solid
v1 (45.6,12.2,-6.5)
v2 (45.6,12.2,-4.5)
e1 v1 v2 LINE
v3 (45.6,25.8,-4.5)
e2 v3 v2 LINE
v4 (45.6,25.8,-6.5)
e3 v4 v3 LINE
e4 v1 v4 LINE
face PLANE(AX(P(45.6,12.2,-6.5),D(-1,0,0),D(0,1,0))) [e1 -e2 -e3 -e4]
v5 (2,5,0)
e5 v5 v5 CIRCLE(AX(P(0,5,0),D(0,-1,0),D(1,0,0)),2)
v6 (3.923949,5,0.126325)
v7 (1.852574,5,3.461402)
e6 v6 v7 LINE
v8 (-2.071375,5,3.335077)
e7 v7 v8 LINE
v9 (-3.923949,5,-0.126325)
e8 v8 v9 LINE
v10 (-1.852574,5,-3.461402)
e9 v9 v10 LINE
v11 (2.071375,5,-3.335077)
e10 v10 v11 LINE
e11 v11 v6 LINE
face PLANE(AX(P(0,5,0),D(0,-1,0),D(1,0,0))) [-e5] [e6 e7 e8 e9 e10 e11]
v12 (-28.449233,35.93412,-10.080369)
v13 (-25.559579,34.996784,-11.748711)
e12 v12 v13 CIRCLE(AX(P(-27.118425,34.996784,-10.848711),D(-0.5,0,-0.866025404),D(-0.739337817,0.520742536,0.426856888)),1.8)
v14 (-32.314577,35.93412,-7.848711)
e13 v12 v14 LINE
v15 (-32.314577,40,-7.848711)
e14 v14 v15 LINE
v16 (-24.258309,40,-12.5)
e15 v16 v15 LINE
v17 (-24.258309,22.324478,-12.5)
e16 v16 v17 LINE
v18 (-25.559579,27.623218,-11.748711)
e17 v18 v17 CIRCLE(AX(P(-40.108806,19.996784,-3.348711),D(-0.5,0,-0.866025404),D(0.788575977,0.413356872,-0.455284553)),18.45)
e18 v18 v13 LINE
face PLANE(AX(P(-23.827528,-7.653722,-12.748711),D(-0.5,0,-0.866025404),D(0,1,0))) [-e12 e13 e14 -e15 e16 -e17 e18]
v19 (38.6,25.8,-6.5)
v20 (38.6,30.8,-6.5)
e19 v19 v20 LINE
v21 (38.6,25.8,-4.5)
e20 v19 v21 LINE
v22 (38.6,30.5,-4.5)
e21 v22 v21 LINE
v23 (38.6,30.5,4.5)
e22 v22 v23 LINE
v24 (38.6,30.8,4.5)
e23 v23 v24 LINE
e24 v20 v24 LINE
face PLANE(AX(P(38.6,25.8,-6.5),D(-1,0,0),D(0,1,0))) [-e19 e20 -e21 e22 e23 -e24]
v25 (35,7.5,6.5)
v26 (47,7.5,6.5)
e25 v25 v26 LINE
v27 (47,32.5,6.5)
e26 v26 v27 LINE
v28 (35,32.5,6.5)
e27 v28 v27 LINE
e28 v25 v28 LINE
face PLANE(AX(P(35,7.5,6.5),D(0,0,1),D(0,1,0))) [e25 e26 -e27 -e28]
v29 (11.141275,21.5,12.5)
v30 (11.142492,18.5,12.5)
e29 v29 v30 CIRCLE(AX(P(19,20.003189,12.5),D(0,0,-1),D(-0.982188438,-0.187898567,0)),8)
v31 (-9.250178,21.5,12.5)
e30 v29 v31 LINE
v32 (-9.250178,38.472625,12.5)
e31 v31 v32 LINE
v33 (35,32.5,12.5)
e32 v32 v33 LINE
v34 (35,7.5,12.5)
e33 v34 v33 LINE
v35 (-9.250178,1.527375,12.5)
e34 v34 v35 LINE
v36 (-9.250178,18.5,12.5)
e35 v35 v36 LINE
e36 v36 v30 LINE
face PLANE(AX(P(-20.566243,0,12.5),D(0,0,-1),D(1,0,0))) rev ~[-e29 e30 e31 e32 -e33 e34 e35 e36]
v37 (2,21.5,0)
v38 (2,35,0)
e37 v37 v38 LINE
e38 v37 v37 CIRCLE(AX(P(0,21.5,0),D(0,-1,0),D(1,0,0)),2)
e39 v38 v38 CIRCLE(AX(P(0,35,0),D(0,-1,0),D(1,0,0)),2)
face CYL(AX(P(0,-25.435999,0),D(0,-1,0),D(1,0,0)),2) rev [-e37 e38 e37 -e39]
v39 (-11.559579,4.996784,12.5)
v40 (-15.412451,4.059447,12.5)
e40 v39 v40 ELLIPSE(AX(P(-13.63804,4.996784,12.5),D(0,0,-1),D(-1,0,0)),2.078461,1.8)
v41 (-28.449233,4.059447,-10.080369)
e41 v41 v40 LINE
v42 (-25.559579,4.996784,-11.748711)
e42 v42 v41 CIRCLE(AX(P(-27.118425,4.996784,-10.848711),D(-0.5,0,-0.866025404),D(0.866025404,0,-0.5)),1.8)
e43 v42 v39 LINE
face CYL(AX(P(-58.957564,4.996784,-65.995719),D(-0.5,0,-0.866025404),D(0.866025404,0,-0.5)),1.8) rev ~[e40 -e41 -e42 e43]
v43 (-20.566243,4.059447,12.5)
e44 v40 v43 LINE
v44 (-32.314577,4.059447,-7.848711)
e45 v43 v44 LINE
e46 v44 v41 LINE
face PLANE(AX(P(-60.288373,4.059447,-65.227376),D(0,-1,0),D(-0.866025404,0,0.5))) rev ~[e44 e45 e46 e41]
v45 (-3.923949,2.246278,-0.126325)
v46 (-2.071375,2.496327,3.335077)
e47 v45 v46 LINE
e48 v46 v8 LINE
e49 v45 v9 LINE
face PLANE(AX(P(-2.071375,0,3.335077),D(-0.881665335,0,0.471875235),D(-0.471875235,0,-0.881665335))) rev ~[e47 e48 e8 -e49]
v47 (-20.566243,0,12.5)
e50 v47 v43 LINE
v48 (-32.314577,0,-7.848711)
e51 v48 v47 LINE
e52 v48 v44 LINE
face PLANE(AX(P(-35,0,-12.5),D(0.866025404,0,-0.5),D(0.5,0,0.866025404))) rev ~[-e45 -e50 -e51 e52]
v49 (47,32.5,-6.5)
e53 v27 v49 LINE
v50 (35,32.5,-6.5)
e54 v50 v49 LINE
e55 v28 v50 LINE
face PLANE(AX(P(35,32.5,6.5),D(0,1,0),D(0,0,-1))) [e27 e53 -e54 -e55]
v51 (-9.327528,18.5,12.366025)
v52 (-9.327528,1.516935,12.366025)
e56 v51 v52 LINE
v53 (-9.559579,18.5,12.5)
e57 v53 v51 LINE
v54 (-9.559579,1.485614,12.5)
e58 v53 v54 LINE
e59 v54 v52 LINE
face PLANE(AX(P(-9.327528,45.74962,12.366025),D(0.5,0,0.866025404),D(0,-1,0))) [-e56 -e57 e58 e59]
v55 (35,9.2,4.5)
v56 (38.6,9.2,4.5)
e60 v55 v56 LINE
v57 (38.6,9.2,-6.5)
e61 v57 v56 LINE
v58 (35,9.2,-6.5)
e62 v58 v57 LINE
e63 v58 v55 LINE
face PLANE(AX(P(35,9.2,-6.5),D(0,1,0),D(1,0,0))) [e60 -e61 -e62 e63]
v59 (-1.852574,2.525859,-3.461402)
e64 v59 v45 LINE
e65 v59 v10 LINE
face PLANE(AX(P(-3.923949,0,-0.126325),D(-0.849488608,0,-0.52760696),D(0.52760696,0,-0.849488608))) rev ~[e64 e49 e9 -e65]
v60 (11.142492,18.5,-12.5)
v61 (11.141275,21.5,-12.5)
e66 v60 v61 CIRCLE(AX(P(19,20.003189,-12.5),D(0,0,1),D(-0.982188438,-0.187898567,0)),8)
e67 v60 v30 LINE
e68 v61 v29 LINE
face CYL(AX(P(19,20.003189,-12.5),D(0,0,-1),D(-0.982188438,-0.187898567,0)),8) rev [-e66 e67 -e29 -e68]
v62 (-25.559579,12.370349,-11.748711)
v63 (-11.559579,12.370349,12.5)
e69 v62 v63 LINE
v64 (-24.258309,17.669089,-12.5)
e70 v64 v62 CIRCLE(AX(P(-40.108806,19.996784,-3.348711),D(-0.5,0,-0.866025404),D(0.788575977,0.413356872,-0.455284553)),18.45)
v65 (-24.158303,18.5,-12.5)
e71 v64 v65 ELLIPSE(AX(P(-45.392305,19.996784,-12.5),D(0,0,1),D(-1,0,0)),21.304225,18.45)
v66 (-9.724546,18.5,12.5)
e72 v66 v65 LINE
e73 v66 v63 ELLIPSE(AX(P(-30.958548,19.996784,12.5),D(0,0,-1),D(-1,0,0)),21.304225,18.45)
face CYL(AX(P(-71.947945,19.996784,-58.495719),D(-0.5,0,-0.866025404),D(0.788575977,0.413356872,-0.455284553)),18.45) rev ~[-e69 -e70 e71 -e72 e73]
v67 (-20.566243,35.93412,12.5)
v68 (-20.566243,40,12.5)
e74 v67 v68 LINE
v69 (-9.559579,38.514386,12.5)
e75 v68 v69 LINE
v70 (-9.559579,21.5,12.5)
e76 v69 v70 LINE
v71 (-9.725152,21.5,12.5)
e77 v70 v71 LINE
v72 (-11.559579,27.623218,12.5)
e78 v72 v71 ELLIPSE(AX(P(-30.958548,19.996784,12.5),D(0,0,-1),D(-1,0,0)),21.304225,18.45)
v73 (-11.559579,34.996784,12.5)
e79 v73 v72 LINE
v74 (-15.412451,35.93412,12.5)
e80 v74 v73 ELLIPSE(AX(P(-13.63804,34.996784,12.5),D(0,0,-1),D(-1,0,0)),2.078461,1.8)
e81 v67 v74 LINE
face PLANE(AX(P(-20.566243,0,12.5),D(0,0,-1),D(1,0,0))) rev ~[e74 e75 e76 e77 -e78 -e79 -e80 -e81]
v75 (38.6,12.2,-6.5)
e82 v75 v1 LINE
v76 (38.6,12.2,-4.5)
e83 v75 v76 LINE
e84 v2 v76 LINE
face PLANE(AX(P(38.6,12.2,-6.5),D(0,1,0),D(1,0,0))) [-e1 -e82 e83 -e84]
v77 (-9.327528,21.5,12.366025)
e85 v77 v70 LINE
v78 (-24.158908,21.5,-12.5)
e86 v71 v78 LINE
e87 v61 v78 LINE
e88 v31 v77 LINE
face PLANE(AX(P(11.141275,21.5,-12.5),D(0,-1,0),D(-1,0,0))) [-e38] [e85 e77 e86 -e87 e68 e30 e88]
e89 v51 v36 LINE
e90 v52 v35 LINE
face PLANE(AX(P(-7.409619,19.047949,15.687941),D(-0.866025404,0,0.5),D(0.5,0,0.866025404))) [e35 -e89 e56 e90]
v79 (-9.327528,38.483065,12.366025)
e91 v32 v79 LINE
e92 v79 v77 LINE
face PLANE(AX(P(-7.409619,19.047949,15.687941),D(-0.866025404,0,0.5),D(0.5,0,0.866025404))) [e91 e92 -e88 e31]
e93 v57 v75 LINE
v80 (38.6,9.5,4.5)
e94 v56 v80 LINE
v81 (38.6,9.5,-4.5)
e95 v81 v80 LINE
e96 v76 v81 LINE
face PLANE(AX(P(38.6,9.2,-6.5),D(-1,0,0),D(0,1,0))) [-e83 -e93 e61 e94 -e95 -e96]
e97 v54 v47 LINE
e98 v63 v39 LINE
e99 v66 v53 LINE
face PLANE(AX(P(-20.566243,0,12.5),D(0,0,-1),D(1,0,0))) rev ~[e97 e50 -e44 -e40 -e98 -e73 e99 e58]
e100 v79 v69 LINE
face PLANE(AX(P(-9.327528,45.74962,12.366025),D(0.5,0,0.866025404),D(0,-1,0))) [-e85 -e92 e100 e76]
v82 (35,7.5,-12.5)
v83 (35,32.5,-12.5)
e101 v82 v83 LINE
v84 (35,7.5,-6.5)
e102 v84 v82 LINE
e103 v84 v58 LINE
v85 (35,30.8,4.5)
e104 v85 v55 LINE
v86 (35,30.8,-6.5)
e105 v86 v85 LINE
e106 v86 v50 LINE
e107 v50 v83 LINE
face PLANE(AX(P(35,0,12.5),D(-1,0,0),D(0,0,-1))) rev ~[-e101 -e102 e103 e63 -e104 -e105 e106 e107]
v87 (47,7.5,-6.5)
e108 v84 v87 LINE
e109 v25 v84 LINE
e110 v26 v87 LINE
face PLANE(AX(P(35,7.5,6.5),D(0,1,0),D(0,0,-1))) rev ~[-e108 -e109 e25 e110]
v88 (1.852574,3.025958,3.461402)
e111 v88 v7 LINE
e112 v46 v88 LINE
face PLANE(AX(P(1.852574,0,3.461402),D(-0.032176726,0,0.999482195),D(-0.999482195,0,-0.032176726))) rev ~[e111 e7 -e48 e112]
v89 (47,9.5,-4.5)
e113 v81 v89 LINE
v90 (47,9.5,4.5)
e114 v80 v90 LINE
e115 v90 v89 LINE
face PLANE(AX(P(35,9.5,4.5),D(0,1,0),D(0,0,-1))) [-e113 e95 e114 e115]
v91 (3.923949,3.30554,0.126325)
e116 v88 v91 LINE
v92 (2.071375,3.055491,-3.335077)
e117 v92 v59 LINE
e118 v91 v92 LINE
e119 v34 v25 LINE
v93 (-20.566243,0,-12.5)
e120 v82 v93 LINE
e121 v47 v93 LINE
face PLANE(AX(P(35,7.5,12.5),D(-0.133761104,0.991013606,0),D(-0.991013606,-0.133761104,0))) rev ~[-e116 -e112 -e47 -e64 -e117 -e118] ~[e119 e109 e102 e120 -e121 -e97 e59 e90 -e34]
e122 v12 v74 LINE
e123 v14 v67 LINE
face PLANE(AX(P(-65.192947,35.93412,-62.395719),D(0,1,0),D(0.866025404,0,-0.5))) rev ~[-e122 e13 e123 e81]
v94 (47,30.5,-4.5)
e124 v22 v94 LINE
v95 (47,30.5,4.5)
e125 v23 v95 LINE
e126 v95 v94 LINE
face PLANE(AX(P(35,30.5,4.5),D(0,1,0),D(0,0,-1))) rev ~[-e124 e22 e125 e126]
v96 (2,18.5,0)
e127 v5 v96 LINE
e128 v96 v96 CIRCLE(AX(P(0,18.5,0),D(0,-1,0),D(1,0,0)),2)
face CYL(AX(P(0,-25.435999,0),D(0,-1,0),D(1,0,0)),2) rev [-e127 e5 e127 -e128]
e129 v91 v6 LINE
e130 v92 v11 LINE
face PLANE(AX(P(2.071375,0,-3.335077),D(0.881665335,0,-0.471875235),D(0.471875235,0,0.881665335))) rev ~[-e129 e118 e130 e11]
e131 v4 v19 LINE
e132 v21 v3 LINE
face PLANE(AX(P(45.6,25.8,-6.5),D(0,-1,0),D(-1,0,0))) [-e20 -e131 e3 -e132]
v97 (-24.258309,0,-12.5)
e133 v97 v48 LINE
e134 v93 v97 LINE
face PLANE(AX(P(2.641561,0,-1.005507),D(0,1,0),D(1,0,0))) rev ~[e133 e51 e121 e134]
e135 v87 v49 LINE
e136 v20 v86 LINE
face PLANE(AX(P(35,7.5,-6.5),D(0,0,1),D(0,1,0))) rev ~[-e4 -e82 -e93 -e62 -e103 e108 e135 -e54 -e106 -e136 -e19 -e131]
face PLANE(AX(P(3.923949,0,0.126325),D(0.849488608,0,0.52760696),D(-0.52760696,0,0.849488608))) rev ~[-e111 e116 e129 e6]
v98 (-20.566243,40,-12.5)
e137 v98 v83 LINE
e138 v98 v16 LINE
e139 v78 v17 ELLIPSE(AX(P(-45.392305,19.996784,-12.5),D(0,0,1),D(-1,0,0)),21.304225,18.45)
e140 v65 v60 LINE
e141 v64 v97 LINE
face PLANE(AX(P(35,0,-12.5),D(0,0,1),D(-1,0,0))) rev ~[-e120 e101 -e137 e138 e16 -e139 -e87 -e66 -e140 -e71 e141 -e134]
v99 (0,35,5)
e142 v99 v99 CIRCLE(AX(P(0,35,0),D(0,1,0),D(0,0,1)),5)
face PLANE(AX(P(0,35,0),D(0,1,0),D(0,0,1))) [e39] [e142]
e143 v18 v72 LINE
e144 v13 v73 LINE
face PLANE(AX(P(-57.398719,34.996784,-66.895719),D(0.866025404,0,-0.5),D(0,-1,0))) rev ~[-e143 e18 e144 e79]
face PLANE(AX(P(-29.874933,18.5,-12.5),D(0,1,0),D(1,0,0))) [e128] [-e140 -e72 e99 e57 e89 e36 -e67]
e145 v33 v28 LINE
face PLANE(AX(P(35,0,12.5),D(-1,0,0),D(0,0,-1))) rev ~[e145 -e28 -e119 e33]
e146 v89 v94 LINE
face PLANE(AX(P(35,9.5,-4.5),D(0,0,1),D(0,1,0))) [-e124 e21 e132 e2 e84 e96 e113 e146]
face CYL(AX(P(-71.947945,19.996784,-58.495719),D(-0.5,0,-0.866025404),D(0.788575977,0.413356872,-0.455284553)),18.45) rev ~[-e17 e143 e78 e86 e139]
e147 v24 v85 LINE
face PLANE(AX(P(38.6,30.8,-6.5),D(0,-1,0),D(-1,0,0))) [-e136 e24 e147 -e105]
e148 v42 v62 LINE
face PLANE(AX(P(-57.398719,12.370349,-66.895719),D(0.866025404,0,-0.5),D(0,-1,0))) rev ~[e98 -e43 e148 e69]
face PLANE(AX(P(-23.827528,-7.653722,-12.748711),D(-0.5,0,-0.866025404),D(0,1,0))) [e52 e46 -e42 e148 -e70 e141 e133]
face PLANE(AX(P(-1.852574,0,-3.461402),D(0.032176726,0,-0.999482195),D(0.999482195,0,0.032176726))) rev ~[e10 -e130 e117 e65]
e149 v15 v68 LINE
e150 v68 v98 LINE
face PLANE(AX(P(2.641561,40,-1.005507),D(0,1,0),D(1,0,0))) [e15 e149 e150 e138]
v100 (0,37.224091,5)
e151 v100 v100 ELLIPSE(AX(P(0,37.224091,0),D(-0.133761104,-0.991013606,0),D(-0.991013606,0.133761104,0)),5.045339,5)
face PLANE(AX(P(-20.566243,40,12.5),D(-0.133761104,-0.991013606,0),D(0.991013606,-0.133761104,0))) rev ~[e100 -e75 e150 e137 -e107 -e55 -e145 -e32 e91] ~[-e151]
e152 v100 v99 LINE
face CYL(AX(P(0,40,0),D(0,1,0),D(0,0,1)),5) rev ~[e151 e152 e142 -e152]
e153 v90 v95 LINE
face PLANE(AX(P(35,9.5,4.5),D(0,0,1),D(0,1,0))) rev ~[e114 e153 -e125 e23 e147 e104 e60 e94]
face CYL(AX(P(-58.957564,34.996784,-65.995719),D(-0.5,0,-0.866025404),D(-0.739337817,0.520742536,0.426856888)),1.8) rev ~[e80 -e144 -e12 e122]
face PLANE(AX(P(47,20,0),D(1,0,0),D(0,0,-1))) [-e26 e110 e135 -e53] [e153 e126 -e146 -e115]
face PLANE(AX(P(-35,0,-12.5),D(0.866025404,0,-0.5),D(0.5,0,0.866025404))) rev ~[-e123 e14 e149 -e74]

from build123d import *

# Parameters (mm, degrees)
BOSS_EXTRUDE1_DEPTH     = 40
CUT_EXTRUDE1_DEPTH      = 40
SKETCH3_W               = 4.376715803
SKETCH3_H               = 7.921330006
BOSS_EXTRUDE2_DEPTH     = 40
CUT_EXTRUDE2_DEPTH      = 78.145313728
CUT_EXTRUDE2_DEPTH_BACK = 78.145313728
CUT_EXTRUDE3_DEPTH      = 40
CUT_EXTRUDE4_DEPTH      = 43.935998882
CUT_EXTRUDE4_DEPTH_BACK = 43.935998882
SKETCH6_R               = 2
CUT_EXTRUDE5_DEPTH      = 5
SKETCH8_R               = 5
CUT_EXTRUDE6_DEPTH      = 5
CUT_EXTRUDE7_START      = -2
SKETCH9_W               = 6.222682415
SKETCH9_H               = 53.403341902
CUT_EXTRUDE7_DEPTH      = 16
SKETCH10_W              = 13
SKETCH10_H              = 25
SKETCH10_W_2            = 9
SKETCH10_H_2            = 21
BOSS_EXTRUDE3_DEPTH     = 12
CUT_EXTRUDE8_DEPTH      = 11


with BuildPart() as part:
    # Sketch1 → Boss-Extrude1 (new body)
    with BuildSketch(Plane(origin=(0, 0, 0), x_dir=(1, 0, 0), z_dir=(0, 1, 0))):
        Polygon((-35, 12.5), (-20.56624327, -12.5), (35, -12.5), (35, 12.5), align=None)
    extrude(amount=BOSS_EXTRUDE1_DEPTH)

    # Sketch2 → Cut-Extrude1 (cut)
    with BuildSketch(Plane.XY.offset(12.5)):
        Polygon((-20.56624327, 40), (35, 32.5), (35, 40), align=None)
        Polygon((35, 7.5), (-20.56624327, 0), (35, 0), align=None)
    extrude(amount=-CUT_EXTRUDE1_DEPTH, mode=Mode.SUBTRACT)

    # Sketch3 → Boss-Extrude2 (add)
    with BuildSketch(Plane(origin=(-20.837341226, 0, 12.030444566), x_dir=(0.4999999999999981, 0, 0.8660254037844397), z_dir=(-0.8660254037844398, 0, 0.4999999999999982))):
        with Locations((-10.675795445, 21.421253709)):
            Rectangle(SKETCH3_W, SKETCH3_H)
    extrude(amount=BOSS_EXTRUDE2_DEPTH)

    # Sketch4 → Cut-Extrude2 (cut, two sides: drawn at the far end of the back side and taken through both)
    with BuildSketch(Plane(origin=(-4.243718771, 0, -7.350336525), x_dir=(0.8660254037844397, 0, -0.4999999999999983), z_dir=(0.4999999999999982, 0, 0.8660254037844396)).offset(-CUT_EXTRUDE2_DEPTH_BACK)):
        with BuildLine():
            Line((-25.260889132, 35.934120187), (-19.597573928, 35.934120187))
            ThreePointArc((-19.597573928, 35.934120187), (-17.574079433, 36.729704946), (-16.260889132, 34.996783621))
            Line((-16.260889132, 34.996783621), (-16.260889132, 27.623217913))
            ThreePointArc((-16.260889132, 27.623217913), (-14.610889132, 19.996783621), (-16.260889132, 12.37034933))
            Line((-16.260889132, 12.37034933), (-16.260889132, 4.996783621))
            ThreePointArc((-16.260889132, 4.996783621), (-17.574079433, 3.263862297), (-19.597573928, 4.059447055))
            Line((-19.597573928, 4.059447055), (-25.260889132, 4.059447055))
            Line((-25.260889132, 4.059447055), (-25.260889132, 11.549622397))
            Line((-25.260889132, 11.549622397), (-69.354192402, 11.549622397))
            Line((-69.354192402, 11.549622397), (-69.354192402, 27.546843348))
            Line((-69.354192402, 27.546843348), (-25.260889132, 26.613076168))
            Line((-25.260889132, 26.613076168), (-25.260889132, 35.934120187))
        make_face()
    extrude(amount=CUT_EXTRUDE2_DEPTH + CUT_EXTRUDE2_DEPTH_BACK, mode=Mode.SUBTRACT)

    # Sketch5 → Cut-Extrude3 (cut)
    with BuildSketch(Plane(origin=(0, 0, -12.5), x_dir=(-1, 0, 0), z_dir=(0, 0, -1))):
        with BuildLine():
            Line((-11.141275202, 21.5), (29.874932975, 21.5))
            Line((29.874932975, 21.5), (29.874932975, 18.5))
            Line((29.874932975, 18.5), (-11.142492493, 18.5))
            ThreePointArc((-11.142492493, 18.5), (-26.999999341, 20.006434648), (-11.141275202, 21.5))
        make_face()
    extrude(amount=-CUT_EXTRUDE3_DEPTH, mode=Mode.SUBTRACT)

    # Sketch6 → Cut-Extrude4 (cut, two sides: drawn at the far end of the back side and taken through both)
    with BuildSketch(Plane(origin=(0, 18.5, 0), x_dir=(1, 0, 0), z_dir=(0, 1, 0)).offset(-CUT_EXTRUDE4_DEPTH_BACK)):
        Circle(SKETCH6_R)
    extrude(amount=CUT_EXTRUDE4_DEPTH + CUT_EXTRUDE4_DEPTH_BACK, mode=Mode.SUBTRACT)

    # Sketch7 → Cut-Extrude5 (cut)
    with BuildSketch(Plane.XZ):
        Polygon((1.8525736, 3.461402084), (-2.071375338, 3.335076842), (-3.923948938, -0.126325242), (-1.8525736, -3.461402084), (2.071375338, -3.335076842), (3.923948938, 0.126325242), align=None)
    extrude(amount=-CUT_EXTRUDE5_DEPTH, mode=Mode.SUBTRACT)

    # Sketch8 → Cut-Extrude6 (cut)
    with BuildSketch(Plane(origin=(0, 40, 0), x_dir=(1, 0, 0), z_dir=(0, 1, 0))):
        with Locations(Location((0, 0, 0), (0, 0, 270))):
            Circle(SKETCH8_R)
    extrude(amount=-CUT_EXTRUDE6_DEPTH, mode=Mode.SUBTRACT)

    # Sketch9 → Cut-Extrude7 (cut)
    with BuildSketch(Plane(origin=(-14.082343077, 0, 8.130444566), x_dir=(0.4999999999999982, 0, 0.8660254037844397), z_dir=(-0.8660254037844398, 0, 0.4999999999999983)).offset(CUT_EXTRUDE7_START)):
        with Locations((-26.065813196, 19.047949313)):
            Rectangle(SKETCH9_W, SKETCH9_H)
        Polygon((6.045528012, 45.749620264), (6.045528012, -7.653721638), (13.717164193, -7.653721638), (13.717164193, 42.686575292), (13.717164193, 45.749620264), align=None)
    extrude(amount=CUT_EXTRUDE7_DEPTH, mode=Mode.SUBTRACT)

    # Sketch10 → Boss-Extrude3 (add)
    with BuildSketch(Plane(origin=(35, 0, 0), x_dir=(0, 0, -1), z_dir=(1, 0, 0))):
        with Locations((0, 20)):
            Rectangle(SKETCH10_W, SKETCH10_H)
        with Locations((0, 20)):
            Rectangle(SKETCH10_W_2, SKETCH10_H_2, mode=Mode.SUBTRACT)
    extrude(amount=BOSS_EXTRUDE3_DEPTH)

    # Sketch11 → Cut-Extrude8 (cut)
    with BuildSketch(Plane(origin=(0, 0, -6.5), x_dir=(-1, 0, 0), z_dir=(0, 0, -1))):
        Polygon((-38.6, 30.8), (-35, 30.8), (-35, 25.8), (-35, 12.2), (-35, 9.2), (-38.6, 9.2), (-38.6, 12.2), (-45.6, 12.2), (-45.6, 25.8), (-38.6, 25.8), align=None)
    extrude(amount=-CUT_EXTRUDE8_DEPTH, mode=Mode.SUBTRACT)


solid = part.part
